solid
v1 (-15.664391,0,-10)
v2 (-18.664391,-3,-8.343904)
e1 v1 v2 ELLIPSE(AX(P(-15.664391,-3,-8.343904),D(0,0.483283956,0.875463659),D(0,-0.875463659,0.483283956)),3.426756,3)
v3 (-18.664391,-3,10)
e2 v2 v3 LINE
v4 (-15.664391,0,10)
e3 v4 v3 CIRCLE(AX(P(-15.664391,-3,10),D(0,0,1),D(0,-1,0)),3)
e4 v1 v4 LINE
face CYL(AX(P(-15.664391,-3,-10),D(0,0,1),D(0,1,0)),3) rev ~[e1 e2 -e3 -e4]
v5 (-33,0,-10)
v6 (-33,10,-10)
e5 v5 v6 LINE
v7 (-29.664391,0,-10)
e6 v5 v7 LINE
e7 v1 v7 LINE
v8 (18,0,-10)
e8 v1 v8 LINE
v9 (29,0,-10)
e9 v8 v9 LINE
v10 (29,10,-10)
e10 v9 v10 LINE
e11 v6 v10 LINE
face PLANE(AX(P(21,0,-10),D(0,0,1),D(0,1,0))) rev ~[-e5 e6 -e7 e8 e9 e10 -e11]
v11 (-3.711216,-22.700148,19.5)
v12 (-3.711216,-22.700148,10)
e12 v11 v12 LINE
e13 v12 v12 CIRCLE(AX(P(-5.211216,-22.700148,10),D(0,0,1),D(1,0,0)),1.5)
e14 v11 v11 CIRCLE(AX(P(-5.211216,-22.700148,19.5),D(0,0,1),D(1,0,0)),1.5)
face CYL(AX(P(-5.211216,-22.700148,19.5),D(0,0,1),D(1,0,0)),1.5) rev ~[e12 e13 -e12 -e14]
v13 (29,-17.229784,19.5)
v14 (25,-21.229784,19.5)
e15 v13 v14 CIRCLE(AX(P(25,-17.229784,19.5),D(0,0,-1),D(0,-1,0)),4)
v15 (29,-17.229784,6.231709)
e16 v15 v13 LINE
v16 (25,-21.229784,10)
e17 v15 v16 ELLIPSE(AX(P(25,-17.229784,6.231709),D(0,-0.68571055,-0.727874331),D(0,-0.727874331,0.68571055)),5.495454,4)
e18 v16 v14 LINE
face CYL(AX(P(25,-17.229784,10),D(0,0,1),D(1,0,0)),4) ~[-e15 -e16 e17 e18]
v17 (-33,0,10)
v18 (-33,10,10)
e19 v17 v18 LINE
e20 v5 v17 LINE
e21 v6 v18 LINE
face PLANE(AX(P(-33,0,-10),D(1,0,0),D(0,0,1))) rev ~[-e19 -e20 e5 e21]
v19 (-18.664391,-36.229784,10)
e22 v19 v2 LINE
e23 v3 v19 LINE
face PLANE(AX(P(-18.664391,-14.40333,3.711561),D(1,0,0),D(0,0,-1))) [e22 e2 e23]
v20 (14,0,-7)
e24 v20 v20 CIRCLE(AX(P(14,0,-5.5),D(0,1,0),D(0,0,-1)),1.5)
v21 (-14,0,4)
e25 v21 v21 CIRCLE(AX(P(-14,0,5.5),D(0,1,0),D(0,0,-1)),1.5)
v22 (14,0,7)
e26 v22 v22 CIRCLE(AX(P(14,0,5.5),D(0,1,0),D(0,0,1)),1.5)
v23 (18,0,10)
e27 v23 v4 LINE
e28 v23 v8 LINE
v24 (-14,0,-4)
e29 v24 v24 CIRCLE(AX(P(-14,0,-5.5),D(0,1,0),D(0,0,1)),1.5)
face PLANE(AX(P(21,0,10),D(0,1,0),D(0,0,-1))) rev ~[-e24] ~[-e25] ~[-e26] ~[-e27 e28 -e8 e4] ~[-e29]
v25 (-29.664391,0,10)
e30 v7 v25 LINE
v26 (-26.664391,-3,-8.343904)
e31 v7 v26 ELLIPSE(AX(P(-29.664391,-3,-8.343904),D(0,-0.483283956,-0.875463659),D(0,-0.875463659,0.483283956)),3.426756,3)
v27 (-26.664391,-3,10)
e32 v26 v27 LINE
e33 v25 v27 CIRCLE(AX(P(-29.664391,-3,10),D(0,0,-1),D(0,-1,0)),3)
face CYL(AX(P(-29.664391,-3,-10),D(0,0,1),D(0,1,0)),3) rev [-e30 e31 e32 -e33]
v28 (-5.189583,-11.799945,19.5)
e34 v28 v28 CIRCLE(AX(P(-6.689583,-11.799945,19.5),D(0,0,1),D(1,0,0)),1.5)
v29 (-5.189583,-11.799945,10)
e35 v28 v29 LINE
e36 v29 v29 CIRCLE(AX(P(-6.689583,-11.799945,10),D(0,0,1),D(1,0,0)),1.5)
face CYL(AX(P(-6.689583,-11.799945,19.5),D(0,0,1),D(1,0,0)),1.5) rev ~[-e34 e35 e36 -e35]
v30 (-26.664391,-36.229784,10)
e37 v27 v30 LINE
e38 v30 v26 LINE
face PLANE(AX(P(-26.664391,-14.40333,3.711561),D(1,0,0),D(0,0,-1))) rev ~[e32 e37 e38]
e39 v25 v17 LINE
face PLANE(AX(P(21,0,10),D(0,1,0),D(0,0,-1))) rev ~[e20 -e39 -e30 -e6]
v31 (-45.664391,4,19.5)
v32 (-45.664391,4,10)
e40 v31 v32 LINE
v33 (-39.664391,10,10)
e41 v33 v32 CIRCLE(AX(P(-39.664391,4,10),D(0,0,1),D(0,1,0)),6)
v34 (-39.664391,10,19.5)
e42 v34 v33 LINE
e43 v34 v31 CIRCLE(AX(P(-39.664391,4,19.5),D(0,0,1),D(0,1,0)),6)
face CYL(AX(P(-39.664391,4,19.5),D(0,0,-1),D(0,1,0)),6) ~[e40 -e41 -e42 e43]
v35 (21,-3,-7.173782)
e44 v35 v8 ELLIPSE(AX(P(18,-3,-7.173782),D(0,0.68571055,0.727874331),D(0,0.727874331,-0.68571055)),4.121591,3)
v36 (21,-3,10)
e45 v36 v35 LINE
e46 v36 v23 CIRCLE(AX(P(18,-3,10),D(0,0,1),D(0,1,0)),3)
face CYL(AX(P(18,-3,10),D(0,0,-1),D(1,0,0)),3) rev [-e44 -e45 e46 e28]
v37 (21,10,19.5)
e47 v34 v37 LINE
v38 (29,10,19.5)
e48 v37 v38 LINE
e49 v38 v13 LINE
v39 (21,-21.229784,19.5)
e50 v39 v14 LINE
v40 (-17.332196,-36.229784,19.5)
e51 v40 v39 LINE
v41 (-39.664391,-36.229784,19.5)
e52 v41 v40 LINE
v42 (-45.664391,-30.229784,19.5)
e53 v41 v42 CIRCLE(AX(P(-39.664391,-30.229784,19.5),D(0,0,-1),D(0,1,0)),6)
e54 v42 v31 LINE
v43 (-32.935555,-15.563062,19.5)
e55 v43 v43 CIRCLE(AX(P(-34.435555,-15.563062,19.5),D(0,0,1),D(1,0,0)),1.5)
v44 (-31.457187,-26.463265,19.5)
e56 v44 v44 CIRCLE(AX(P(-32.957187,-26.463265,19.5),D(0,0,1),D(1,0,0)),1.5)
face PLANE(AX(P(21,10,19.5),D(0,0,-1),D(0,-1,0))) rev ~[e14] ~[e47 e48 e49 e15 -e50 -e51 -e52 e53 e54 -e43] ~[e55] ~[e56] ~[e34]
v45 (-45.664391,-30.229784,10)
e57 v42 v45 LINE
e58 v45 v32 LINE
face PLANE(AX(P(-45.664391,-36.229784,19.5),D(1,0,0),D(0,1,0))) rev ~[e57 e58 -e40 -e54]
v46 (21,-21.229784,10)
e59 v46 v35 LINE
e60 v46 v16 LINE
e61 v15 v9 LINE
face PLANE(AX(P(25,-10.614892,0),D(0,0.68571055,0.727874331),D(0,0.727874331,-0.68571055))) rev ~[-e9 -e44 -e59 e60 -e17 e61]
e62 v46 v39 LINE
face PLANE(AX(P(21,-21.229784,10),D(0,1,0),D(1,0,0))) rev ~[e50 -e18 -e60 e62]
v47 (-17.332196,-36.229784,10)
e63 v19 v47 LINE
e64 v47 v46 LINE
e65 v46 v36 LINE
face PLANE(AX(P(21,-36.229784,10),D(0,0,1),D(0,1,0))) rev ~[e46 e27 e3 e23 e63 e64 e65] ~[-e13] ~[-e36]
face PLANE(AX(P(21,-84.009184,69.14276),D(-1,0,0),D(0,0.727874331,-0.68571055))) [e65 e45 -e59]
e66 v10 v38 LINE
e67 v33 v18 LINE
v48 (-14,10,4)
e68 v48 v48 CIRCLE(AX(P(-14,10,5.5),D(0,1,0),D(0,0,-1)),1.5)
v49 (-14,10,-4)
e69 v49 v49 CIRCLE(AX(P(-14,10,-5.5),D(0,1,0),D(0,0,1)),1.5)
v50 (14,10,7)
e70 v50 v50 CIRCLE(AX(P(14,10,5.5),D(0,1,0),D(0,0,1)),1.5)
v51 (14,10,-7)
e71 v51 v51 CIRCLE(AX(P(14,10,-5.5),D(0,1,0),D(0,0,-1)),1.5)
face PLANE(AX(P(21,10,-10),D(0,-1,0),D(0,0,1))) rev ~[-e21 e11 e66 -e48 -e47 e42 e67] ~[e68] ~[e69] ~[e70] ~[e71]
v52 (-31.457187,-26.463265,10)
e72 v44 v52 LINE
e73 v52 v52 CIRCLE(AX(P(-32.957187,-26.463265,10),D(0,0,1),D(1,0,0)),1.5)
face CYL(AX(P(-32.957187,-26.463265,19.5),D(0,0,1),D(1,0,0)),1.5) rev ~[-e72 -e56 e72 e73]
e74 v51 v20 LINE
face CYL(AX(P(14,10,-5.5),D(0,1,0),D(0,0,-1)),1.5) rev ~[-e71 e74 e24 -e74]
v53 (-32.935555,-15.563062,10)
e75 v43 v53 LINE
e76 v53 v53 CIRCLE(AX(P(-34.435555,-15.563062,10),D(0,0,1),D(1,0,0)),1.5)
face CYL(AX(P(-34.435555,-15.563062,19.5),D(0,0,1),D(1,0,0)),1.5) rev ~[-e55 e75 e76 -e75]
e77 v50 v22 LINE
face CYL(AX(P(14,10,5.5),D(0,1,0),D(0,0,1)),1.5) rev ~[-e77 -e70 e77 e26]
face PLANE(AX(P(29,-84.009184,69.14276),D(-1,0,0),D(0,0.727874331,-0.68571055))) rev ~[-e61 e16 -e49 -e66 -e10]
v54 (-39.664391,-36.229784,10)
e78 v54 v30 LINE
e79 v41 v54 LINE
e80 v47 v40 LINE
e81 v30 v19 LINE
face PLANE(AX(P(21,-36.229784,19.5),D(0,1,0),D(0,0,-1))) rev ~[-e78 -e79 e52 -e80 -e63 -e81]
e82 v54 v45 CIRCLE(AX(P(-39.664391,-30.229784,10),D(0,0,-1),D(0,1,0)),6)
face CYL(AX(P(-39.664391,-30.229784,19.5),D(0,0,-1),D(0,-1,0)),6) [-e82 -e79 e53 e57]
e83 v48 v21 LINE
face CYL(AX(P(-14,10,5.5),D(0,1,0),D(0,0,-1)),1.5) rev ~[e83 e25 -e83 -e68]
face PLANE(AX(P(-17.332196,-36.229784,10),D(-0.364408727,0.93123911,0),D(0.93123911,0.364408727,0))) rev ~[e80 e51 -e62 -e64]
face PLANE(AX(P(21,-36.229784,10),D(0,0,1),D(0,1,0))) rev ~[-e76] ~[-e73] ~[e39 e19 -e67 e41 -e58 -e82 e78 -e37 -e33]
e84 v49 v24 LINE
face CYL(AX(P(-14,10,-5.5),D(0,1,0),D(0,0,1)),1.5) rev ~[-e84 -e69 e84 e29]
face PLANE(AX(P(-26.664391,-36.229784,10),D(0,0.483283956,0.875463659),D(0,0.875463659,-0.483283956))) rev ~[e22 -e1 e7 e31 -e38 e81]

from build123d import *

# Parameters (mm, degrees)
SKETCH_1_W               = 42
SKETCH_1_H               = 20
EXTRUDE_1_DEPTH          = 10
SKETCH_2_R               = 1.5
CUT_EXTRUDE_1_DEPTH      = 26.317977802
SKETCH_3_W               = 12
SKETCH_3_H               = 20
EXTRUDE_2_DEPTH          = 10
SKETCH_4_W               = 126.664391462
SKETCH_4_H               = 46.229783625
EXTRUDE_3_DEPTH          = 9.5
SKETCH_5_R               = 1.5
CUT_EXTRUDE_2_DEPTH      = 116.532726292
SKETCH_6_W               = 60
SKETCH_6_H               = 46.229783625
CUT_EXTRUDE_3_DEPTH      = 116.532726292
EXTRUDE_4_DEPTH          = 8
CUT_EXTRUDE_4_DEPTH      = 66.33057377
CUT_EXTRUDE_4_DEPTH_BACK = 66.33057377
RIB_1_REACH              = 87.25
SKETCH_10_WALL_W         = 201.667483308
SKETCH_10_WALL_H         = 8
CUT_EXTRUDE_5_DEPTH      = 62.626567883
EXTRUDE_5_DEPTH          = 8
FILLET_1_R               = 3
FILLET_2_R               = 4
FILLET_3_R               = 6


with BuildPart() as part:
    # 草图1 → 凸台-拉伸1 (new body)
    with BuildSketch(Plane(origin=(0, 0, 0), x_dir=(1, 0, 0), z_dir=(0, 1, 0))):
        Rectangle(SKETCH_1_W, SKETCH_1_H)
    extrude(amount=EXTRUDE_1_DEPTH)

    # 草图2 → 切除-拉伸1 (cut, through all)
    with BuildSketch(Plane(origin=(0, 10, 0), x_dir=(1, 0, 0), z_dir=(0, 1, 0))):
        with Locations(Location((-14, 5.5, 0), (0, 0, 270))):
            Circle(SKETCH_2_R)
        with Locations(Location((14, 5.5, 0), (0, 0, 90))):
            Circle(SKETCH_2_R)
        with Locations(Location((14, -5.5, 0), (0, 0, 270))):
            Circle(SKETCH_2_R)
        with Locations(Location((-14, -5.5, 0), (0, 0, 90))):
            Circle(SKETCH_2_R)
    extrude(amount=-CUT_EXTRUDE_1_DEPTH, mode=Mode.SUBTRACT)

    # 草图3 → 凸台-拉伸2 (add)
    with BuildSketch(Plane.XZ):
        with Locations((-27, 0)):
            Rectangle(SKETCH_3_W, SKETCH_3_H)
    extrude(amount=-EXTRUDE_2_DEPTH)

    # 草图4 → 凸台-拉伸3 (add)
    with BuildSketch(Plane.XY.offset(10)):
        with Locations((-42.332195731, -13.114891813)):
            Rectangle(SKETCH_4_W, SKETCH_4_H)
    extrude(amount=EXTRUDE_3_DEPTH)

    # 草图5 → 切除-拉伸2 (cut, through all)
    with BuildSketch(Plane.XY.offset(19.5)):
        with Locations((-34.435554727, -15.563062213)):
            Circle(SKETCH_5_R)
        with Locations((-6.689582963, -11.799945041)):
            Circle(SKETCH_5_R)
        with Locations((-5.211215503, -22.700148234)):
            Circle(SKETCH_5_R)
        with Locations((-32.957187267, -26.463265406)):
            Circle(SKETCH_5_R)
    extrude(amount=-CUT_EXTRUDE_2_DEPTH, mode=Mode.SUBTRACT)

    # 草图6 → 切除-拉伸3 (cut, through all)
    with BuildSketch(Plane.XY.offset(19.5)):
        with Locations((-75.664391462, -13.114891813)):
            Rectangle(SKETCH_6_W, SKETCH_6_H)
    extrude(amount=-CUT_EXTRUDE_3_DEPTH, mode=Mode.SUBTRACT)

    # 草图8 → 凸台-拉伸4 (add)
    with BuildSketch(Plane(origin=(21, 0, 0), x_dir=(0, 0, -1), z_dir=(1, 0, 0))):
        Polygon((-10, 0), (10, 0), (10, 10), (-19.5, 10), (-19.5, -36.229783625), (-10, -36.229783625), align=None)
    extrude(amount=EXTRUDE_4_DEPTH)

    # 草图9 → 切除-拉伸4 (cut, two sides: drawn at the far end of the back side and taken through both)
    with BuildSketch(Plane.XY.offset(19.5).offset(-CUT_EXTRUDE_4_DEPTH_BACK)):
        Polygon((29, -21.229783625), (-8.332195731, -36.229783625), (29, -36.229783625), align=None)
    extrude(amount=CUT_EXTRUDE_4_DEPTH + CUT_EXTRUDE_4_DEPTH_BACK, mode=Mode.SUBTRACT)

    # 草图10 wall → 筋1 (add, up to next)
    with BuildSketch(Plane(origin=(29, -10.614891812, 0), x_dir=(0, 0.727874330628, -0.685710550315), z_dir=(0, 0.685710550315, 0.727874330628)), mode=Mode.PRIVATE) as rib_1_sk1:
        with Locations((0, 4)):
            Rectangle(SKETCH_10_WALL_W, SKETCH_10_WALL_H)
    rib_1_tool1 = extrude(rib_1_sk1.sketch, amount=RIB_1_REACH, mode=Mode.PRIVATE) - part.part
    add(rib_1_tool1.solids().sort_by_distance((29, -10.614891812, 0))[0])

    # 草图12 → 切除-拉伸5 (cut, through all)
    with BuildSketch(Plane(origin=(0, 0, 10), x_dir=(-1, 0, 0), z_dir=(0, 0, -1))):
        Polygon((17.332195731, -36.229783625), (-21, -21.229783625), (-29, -21.229783625), (8.332195731, -36.229783625), align=None)
    extrude(amount=-CUT_EXTRUDE_5_DEPTH, mode=Mode.SUBTRACT)

    # 草图13 → 凸台-拉伸5 (add)
    with BuildSketch(Plane(origin=(-26.664391462, 0, 0), x_dir=(0, 0, -1), z_dir=(1, 0, 0))):
        Polygon((-10, -36.229783625), (10, 0), (-10, 0), align=None)
    extrude(amount=EXTRUDE_5_DEPTH)

    # 圆角1
    fillet_1_edges = [part.edges().sort_by_distance(p)[0] for p in [
        (21, 0, 0),
        (-26.664391462, 0, 0),
        (-18.664391462, 0, 0),
    ]]
    fillet(fillet_1_edges, radius=FILLET_1_R)

    # 圆角2
    fillet_2_edges = [part.edges().sort_by_distance(p)[0] for p in [
        (29, -21.229783625, 14.75),
    ]]
    fillet(fillet_2_edges, radius=FILLET_2_R)

    # 圆角3
    fillet_3_edges = [part.edges().sort_by_distance(p)[0] for p in [
        (-45.664391462, 10, 14.75),
        (-45.664391462, -36.229783625, 14.75),
    ]]
    fillet(fillet_3_edges, radius=FILLET_3_R)


solid = part.part
